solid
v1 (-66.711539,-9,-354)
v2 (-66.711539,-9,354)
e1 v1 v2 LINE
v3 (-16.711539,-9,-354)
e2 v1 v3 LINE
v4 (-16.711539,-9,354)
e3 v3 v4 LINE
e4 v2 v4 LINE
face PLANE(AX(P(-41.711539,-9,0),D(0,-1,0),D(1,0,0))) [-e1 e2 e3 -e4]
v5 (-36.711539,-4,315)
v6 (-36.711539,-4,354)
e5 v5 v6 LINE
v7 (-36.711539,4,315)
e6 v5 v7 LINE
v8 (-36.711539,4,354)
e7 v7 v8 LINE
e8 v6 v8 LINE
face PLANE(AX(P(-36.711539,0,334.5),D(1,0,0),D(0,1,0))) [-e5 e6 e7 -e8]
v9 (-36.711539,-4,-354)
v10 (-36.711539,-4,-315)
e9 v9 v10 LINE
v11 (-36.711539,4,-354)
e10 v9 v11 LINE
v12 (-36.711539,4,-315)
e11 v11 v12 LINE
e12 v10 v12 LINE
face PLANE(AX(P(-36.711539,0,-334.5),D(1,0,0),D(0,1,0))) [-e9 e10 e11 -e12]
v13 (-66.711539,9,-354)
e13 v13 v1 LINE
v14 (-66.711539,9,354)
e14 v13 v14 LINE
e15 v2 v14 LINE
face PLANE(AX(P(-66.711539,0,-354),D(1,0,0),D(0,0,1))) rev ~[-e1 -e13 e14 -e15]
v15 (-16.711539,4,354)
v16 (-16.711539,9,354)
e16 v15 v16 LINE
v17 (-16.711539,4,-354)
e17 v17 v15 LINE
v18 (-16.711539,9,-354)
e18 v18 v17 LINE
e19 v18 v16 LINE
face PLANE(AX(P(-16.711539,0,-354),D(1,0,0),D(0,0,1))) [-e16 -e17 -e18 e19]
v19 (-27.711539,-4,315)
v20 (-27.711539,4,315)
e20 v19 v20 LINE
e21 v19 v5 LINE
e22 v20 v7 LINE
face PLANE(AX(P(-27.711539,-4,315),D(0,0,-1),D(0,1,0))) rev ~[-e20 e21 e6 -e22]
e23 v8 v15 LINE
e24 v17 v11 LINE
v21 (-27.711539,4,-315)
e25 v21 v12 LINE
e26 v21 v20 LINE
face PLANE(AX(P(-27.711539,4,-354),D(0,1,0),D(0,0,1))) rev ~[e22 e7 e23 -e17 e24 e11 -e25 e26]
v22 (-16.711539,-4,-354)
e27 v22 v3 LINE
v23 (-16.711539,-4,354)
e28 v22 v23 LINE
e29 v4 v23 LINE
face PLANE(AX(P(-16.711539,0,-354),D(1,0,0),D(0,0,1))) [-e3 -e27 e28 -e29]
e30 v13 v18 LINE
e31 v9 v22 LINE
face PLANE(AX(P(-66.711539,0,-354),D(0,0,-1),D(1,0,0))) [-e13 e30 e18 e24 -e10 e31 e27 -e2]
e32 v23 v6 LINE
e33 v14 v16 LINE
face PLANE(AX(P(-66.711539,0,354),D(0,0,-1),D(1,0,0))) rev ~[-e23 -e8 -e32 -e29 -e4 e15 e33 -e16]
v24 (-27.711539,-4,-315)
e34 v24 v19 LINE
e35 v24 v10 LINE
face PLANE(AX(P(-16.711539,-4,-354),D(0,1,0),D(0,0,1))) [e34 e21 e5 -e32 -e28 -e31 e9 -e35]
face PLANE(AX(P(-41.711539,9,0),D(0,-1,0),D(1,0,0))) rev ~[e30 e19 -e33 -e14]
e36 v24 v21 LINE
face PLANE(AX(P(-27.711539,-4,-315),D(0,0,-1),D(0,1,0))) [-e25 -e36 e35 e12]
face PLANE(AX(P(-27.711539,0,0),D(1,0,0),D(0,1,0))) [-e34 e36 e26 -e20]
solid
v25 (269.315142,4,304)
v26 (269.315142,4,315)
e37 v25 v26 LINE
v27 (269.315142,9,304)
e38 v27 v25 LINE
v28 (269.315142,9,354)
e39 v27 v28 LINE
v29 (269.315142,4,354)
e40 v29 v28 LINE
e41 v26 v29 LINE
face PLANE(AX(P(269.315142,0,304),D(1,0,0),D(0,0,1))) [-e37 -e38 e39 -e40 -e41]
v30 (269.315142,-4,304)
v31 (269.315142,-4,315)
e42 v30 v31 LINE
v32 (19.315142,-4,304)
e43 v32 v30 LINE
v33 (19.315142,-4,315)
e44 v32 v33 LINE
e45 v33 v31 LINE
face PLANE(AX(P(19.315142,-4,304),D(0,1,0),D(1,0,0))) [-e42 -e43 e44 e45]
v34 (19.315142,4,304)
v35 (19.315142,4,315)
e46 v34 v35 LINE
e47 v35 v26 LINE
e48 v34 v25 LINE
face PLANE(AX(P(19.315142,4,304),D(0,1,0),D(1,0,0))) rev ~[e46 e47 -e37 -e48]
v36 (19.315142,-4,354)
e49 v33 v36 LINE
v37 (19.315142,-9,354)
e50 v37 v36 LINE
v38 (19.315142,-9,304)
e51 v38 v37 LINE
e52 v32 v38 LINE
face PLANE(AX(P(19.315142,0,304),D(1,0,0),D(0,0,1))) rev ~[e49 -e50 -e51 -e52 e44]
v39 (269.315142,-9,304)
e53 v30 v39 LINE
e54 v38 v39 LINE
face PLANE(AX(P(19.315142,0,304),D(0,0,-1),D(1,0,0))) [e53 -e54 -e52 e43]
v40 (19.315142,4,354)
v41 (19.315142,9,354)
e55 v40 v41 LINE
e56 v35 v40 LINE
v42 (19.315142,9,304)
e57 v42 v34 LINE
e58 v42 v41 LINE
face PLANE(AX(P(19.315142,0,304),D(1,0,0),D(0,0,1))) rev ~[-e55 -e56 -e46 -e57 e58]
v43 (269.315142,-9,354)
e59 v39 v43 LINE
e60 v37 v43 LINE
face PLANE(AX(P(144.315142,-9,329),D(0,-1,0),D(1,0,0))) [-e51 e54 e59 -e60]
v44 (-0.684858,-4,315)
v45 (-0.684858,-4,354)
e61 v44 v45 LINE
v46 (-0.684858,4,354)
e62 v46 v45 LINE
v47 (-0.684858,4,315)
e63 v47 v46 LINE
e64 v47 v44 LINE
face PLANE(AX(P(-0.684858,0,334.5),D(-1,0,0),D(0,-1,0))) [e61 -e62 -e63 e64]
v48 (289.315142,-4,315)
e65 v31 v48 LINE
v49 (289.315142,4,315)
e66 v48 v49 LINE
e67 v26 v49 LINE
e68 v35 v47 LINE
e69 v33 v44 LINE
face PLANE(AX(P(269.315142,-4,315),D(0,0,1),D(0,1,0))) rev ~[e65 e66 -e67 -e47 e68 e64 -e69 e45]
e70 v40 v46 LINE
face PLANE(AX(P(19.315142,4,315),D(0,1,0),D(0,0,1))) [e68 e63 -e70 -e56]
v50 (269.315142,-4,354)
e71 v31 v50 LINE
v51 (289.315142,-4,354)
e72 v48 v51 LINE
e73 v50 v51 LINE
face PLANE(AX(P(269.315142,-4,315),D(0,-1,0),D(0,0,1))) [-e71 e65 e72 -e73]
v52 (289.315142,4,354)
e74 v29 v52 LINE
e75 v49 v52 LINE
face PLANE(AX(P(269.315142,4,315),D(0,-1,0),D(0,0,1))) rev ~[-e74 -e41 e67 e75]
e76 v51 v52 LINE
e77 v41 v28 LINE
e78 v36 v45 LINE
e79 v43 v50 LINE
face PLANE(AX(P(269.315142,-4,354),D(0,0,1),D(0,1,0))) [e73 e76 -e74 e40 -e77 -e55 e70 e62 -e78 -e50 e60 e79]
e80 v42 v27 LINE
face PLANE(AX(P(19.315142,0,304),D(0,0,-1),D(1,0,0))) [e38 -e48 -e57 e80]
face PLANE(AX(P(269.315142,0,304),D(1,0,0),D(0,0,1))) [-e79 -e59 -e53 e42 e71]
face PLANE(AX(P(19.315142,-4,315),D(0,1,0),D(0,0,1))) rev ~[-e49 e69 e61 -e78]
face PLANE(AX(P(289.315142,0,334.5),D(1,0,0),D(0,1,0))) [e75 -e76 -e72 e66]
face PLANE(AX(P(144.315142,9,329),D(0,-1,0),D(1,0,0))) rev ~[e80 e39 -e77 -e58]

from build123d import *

# Parameters (mm, degrees)
F0_W      = 250
F0_H      = 50
F1_DEPTH  = 9
F0_W_2    = 50
F0_H_2    = 708
F2_W      = 8
F2_H      = 708
F3_DEPTH  = 11
F4_W      = 8
F4_H      = 39
F5_DEPTH  = 9
F6_W      = 8
F6_H      = 708
F7_DEPTH  = 11
F8_W      = 8
F8_H      = 50
F9_DEPTH  = 9
F10_W     = 250
F10_H     = 8
F11_DEPTH = 11
F12_W     = 8
F12_H     = 39
F13_DEPTH = 20
F14_W     = 8
F14_H     = 39
F15_DEPTH = 20


with BuildPart() as f1:
    # F0 (on Front) → F1 (new body, symmetric)
    with BuildSketch(Plane.XZ):
        with Locations((144.3151421845, 329)):
            Rectangle(F0_W, F0_H)
    extrude(amount=F1_DEPTH, both=True)

    # F10 (on face) → F11 (cut)
    with BuildSketch(Plane(origin=(0, 0, 304), x_dir=(1, 0, 0), z_dir=(0, 0, -1))):
        with Locations((144.3151421845, 0)):
            Rectangle(F10_W, F10_H)
    extrude(amount=-F11_DEPTH, mode=Mode.SUBTRACT)

    # F12 (on face) → F13 (join)
    with BuildSketch(Plane(origin=(19.3151421845, 0, 0), x_dir=(0, -1, 0), z_dir=(-1, 0, 0))):
        with Locations((0, 334.5)):
            Rectangle(F12_W, F12_H)
    extrude(amount=F13_DEPTH)

    # F14 (on face) → F15 (join)
    with BuildSketch(Plane.YZ.offset(269.3151421845)):
        with Locations((0, 334.5)):
            Rectangle(F14_W, F14_H)
    extrude(amount=F15_DEPTH)


with BuildPart() as f1b:
    # F0 (on Front) → F1, piece 2 (new body, symmetric)
    with BuildSketch(Plane.XZ):
        with Locations((-41.7115390301, 0)):
            Rectangle(F0_W_2, F0_H_2)
    extrude(amount=F1_DEPTH, both=True)

    # F2 (on face) → F3 (cut)
    with BuildSketch(Plane.YZ.offset(-16.7115390301)):
        Rectangle(F2_W, F2_H)
    extrude(amount=-F3_DEPTH, mode=Mode.SUBTRACT)

    # F4 (on face) → F5 (cut)
    with BuildSketch(Plane.YZ.offset(-27.7115390301)):
        with Locations((0, 334.5)):
            Rectangle(F4_W, F4_H)
        with Locations((0, -334.5)):
            Rectangle(F4_W, F4_H)
    extrude(amount=-F5_DEPTH, mode=Mode.SUBTRACT)


with BuildPart() as f1c:
    # F0 (on Front) → F1, piece 3 (new body, symmetric)
    with BuildSketch(Plane.XZ):
        with Locations((319.8899328709, 0)):
            Rectangle(F0_W_2, F0_H_2)
    extrude(amount=F1_DEPTH, both=True)

    # F6 (on face) → F7 (cut)
    with BuildSketch(Plane(origin=(294.8899328709, 0, 0), x_dir=(0, -1, 0), z_dir=(-1, 0, 0))):
        Rectangle(F6_W, F6_H)
    extrude(amount=-F7_DEPTH, mode=Mode.SUBTRACT)

    # F8 (on face) → F9 (cut)
    with BuildSketch(Plane(origin=(305.8899328709, 0, 0), x_dir=(0, -1, 0), z_dir=(-1, 0, 0))):
        with Locations((0, 329)):
            Rectangle(F8_W, F8_H)
        with Locations((0, -329)):
            Rectangle(F8_W, F8_H)
    extrude(amount=-F9_DEPTH, mode=Mode.SUBTRACT)


with BuildPart() as f1d:
    # F0 (on Front) → F1, piece 4 (new body, symmetric)
    with BuildSketch(Plane.XZ):
        with Locations((144.3151421845, -329)):
            Rectangle(F0_W, F0_H)
    extrude(amount=F1_DEPTH, both=True)


solid = Compound([f1.part, f1b.part])
